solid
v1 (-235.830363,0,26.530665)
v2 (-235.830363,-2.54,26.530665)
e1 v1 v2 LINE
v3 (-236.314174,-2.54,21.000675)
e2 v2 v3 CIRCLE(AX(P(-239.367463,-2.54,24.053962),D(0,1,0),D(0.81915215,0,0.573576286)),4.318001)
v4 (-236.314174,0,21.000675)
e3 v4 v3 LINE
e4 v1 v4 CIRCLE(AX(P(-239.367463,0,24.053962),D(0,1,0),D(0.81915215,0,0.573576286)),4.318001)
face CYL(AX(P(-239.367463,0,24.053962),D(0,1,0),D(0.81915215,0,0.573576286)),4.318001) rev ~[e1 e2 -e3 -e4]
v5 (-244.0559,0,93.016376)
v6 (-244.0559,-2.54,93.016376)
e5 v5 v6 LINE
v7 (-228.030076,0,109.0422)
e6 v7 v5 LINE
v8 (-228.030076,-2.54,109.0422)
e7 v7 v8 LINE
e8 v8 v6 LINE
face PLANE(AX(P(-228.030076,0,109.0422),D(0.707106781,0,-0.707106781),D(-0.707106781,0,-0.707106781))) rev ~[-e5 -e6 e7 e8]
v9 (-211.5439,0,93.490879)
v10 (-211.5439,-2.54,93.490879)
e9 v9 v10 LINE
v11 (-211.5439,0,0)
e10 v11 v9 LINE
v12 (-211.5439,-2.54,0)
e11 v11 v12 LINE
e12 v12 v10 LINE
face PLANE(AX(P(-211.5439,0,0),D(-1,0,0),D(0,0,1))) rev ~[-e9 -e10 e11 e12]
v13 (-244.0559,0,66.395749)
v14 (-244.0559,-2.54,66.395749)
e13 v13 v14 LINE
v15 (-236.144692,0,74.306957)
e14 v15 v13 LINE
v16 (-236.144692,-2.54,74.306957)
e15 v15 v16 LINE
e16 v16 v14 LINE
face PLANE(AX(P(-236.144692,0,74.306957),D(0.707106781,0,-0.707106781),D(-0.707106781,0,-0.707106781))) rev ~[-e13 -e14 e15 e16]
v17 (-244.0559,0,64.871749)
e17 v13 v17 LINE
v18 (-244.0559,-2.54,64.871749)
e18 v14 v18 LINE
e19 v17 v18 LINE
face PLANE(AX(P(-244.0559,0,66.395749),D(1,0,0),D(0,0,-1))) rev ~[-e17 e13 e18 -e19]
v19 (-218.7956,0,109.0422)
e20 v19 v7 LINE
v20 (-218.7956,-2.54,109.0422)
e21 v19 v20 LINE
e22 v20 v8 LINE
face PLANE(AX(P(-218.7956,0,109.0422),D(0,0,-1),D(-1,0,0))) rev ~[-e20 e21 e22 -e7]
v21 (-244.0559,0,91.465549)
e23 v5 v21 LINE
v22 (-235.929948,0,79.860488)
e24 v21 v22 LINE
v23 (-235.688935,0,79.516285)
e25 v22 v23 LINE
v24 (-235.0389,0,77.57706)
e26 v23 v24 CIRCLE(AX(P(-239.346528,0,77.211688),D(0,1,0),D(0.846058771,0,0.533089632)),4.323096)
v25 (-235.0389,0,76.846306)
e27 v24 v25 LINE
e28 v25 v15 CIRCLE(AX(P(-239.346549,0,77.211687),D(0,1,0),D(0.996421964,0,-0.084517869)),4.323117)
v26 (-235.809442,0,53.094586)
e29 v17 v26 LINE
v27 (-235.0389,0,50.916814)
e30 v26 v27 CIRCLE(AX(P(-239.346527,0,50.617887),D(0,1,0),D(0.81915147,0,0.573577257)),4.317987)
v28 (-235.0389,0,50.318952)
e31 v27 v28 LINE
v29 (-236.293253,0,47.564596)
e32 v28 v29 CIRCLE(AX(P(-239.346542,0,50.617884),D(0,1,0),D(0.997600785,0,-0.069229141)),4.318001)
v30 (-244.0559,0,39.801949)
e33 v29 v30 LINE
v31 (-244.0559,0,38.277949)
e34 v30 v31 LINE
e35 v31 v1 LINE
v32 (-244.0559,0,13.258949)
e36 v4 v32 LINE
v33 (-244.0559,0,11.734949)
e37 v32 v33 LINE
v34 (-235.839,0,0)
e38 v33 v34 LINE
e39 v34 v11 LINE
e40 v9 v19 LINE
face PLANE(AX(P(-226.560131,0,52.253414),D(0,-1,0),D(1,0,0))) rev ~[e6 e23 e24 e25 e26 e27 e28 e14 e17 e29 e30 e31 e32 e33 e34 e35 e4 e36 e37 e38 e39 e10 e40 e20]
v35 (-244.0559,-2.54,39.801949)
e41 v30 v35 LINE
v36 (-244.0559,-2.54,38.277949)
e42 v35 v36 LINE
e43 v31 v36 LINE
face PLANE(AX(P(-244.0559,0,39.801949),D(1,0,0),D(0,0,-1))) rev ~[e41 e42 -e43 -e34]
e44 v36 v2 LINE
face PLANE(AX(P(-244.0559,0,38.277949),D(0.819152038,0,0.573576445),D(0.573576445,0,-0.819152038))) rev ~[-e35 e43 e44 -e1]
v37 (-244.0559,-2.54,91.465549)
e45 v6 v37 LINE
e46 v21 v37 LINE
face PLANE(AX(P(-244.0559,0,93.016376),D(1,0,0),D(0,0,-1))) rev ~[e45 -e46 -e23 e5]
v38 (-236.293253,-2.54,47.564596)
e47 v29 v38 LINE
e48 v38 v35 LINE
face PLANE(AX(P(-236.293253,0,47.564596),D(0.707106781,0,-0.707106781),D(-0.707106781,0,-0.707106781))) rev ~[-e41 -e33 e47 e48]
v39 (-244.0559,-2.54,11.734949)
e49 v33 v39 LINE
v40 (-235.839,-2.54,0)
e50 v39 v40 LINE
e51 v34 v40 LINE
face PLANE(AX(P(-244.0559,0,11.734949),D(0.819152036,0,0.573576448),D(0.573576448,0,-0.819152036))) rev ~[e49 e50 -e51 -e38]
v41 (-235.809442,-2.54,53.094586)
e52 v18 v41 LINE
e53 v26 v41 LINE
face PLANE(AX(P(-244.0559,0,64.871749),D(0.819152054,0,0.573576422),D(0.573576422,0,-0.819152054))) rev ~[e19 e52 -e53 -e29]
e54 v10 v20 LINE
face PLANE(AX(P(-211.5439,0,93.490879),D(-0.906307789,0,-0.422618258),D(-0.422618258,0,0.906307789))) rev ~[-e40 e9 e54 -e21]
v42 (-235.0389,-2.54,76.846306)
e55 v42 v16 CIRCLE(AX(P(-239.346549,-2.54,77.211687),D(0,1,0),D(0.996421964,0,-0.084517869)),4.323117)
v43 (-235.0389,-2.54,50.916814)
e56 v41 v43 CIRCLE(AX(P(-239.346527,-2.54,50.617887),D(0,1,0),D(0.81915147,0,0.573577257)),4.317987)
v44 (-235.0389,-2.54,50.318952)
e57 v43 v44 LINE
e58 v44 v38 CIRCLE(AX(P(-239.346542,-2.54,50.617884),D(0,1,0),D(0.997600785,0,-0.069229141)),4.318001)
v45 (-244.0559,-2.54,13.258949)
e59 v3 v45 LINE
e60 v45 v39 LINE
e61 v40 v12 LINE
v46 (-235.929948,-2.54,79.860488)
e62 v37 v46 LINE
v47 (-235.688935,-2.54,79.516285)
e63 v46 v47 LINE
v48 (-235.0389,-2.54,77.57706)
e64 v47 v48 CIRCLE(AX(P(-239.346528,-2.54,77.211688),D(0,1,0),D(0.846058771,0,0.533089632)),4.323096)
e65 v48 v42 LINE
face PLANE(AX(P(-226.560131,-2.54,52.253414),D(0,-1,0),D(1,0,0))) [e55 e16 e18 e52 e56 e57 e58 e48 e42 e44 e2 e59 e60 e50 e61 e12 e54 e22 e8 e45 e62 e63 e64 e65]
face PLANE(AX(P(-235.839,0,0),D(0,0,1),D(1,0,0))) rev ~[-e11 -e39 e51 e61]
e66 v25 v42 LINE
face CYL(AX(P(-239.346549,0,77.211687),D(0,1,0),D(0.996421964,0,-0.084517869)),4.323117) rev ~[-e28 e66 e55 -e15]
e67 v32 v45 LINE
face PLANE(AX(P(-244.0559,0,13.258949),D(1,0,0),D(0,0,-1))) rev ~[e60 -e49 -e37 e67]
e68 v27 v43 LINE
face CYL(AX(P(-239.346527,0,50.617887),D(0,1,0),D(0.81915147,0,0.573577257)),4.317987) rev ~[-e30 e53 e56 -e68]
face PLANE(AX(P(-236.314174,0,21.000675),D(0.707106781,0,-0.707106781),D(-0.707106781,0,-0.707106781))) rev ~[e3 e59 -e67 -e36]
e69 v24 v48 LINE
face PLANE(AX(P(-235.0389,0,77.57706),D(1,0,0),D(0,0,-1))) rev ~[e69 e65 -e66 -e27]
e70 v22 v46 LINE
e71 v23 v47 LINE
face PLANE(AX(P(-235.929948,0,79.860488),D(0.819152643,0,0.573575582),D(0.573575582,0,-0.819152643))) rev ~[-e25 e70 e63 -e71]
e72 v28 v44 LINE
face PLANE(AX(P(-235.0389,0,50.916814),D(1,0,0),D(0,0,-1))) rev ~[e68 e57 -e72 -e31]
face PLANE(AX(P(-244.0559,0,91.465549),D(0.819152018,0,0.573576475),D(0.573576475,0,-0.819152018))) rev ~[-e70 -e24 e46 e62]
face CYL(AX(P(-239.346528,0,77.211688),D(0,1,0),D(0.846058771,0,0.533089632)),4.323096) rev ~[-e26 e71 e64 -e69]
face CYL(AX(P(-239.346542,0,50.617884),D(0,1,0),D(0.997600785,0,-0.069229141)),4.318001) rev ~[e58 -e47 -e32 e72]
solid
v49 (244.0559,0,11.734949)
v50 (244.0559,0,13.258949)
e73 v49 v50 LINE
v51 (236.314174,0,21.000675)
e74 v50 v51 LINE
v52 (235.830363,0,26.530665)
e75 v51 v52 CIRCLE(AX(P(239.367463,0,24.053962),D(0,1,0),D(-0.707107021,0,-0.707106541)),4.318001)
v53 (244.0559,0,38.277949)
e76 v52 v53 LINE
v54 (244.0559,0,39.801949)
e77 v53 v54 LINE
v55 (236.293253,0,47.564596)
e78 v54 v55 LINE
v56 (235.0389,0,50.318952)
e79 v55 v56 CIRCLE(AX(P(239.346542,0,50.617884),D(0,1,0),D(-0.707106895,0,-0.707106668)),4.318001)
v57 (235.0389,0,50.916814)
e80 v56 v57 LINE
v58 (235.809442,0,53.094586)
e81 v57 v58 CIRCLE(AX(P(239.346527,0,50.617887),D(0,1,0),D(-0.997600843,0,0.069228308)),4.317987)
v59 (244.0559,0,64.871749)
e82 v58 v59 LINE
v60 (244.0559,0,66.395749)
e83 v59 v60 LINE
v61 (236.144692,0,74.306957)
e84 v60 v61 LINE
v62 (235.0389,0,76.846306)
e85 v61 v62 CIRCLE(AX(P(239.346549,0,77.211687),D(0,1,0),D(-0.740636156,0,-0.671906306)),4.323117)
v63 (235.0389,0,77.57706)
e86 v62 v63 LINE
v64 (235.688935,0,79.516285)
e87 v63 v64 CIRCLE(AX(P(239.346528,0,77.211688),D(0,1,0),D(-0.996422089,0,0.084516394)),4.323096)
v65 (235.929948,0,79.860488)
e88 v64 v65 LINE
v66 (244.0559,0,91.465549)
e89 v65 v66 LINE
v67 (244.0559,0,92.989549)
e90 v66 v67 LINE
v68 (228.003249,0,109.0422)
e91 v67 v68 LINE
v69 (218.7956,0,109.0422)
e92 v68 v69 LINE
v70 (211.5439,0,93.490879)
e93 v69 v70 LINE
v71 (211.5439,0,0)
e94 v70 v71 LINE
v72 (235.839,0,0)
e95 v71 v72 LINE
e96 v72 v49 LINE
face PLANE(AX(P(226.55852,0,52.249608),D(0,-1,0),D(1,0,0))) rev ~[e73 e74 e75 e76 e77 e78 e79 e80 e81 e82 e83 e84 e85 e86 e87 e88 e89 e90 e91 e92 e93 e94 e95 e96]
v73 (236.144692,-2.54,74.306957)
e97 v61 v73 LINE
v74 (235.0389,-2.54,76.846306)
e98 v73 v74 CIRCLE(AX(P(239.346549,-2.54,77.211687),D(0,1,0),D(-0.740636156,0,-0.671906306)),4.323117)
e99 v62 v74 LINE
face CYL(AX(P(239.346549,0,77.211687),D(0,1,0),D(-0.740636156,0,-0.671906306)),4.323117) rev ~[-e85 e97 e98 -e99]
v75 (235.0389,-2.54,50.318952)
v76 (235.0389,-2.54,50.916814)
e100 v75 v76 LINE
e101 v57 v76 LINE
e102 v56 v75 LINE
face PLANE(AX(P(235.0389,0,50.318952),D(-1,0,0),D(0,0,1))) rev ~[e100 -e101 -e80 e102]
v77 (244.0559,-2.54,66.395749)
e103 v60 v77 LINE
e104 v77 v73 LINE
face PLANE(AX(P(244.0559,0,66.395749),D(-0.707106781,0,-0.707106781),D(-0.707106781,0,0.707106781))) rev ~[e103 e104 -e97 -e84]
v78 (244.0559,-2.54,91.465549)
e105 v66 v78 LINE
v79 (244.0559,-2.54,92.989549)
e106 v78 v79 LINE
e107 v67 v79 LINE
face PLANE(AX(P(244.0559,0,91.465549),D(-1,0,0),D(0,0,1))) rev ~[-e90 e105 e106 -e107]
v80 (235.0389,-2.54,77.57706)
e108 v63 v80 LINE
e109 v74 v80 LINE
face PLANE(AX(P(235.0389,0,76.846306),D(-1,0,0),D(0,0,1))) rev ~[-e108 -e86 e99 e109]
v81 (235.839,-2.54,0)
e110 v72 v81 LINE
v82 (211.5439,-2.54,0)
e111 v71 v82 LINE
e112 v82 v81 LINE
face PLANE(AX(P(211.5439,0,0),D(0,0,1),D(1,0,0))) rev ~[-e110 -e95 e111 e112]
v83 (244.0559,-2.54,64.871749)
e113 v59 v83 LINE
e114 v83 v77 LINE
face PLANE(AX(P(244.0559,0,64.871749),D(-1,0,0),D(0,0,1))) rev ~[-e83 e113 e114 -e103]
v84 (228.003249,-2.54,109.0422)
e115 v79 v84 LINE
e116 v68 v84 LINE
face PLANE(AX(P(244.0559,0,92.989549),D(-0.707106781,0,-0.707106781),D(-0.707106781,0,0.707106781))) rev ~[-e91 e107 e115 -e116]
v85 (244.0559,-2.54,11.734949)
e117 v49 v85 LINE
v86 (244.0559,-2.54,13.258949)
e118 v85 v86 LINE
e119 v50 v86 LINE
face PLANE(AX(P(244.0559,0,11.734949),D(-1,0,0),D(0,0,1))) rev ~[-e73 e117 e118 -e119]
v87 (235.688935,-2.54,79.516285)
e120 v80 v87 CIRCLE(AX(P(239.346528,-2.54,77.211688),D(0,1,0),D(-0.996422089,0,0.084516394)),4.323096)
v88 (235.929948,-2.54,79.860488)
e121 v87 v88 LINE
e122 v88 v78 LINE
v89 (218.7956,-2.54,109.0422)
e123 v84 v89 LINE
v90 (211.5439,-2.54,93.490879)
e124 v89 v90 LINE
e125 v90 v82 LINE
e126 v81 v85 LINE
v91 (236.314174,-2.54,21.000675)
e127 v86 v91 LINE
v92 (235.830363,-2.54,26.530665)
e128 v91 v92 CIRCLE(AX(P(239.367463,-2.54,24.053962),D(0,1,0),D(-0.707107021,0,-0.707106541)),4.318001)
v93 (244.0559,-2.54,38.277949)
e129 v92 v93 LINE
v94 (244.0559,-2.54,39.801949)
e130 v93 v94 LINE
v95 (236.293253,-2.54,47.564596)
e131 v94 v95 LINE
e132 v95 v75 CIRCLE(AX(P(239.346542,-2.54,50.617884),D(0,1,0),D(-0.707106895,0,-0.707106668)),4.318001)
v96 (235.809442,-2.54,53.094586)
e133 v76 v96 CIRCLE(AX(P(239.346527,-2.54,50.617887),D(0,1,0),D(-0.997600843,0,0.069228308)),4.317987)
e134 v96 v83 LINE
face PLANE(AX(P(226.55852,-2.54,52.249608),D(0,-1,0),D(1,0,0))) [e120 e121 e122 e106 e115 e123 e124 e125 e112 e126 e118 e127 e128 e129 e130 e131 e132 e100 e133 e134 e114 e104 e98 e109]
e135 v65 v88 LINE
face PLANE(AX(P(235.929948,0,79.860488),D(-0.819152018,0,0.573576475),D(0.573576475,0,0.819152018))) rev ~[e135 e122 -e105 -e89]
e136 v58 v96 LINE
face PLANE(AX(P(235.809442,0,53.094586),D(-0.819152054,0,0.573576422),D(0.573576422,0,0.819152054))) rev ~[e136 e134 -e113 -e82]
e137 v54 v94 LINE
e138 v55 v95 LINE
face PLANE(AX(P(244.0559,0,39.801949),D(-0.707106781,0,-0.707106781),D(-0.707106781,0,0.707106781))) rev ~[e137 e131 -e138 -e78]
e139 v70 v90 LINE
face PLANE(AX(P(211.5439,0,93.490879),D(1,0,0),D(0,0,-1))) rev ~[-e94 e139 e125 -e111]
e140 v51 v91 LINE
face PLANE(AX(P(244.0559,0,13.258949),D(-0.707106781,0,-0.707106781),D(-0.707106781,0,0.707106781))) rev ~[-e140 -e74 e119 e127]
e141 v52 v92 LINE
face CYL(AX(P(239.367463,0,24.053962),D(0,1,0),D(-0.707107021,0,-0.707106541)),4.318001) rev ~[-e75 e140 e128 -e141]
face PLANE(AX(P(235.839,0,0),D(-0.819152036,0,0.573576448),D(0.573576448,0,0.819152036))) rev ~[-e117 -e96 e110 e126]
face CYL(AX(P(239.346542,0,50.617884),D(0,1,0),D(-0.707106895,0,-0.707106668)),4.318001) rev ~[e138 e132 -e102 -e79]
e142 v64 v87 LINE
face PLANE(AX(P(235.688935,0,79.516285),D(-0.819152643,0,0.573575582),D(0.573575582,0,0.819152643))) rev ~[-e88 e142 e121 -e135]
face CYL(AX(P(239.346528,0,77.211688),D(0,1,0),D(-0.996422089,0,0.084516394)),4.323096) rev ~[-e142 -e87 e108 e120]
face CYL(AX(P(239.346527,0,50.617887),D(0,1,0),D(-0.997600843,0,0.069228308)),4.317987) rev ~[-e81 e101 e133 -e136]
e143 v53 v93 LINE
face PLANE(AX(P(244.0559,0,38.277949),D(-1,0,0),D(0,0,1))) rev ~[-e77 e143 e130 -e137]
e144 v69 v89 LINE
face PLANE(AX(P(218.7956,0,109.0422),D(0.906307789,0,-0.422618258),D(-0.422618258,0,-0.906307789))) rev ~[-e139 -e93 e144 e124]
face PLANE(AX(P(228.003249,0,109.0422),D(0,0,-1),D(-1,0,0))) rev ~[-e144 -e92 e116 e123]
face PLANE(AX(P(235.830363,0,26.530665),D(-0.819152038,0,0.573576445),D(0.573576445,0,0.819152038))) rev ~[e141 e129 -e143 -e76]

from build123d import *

# Parameters (mm, degrees)
F1_DEPTH = 2.54


with BuildPart() as f1:
    # F0 (on Front) → F1 (new body)
    with BuildSketch(Plane.XZ):
        with BuildLine():
            Line((211.5439, 93.490879), (211.5439, 0))
            Line((211.5439, 0), (235.839, 0))
            Line((235.839, 0), (244.0559, 11.734949))
            Line((244.0559, 11.734949), (244.0559, 13.258949))
            Line((244.0559, 13.258949), (236.314174, 21.000675))
            ThreePointArc((236.314174, 21.000675), (235.065893, 23.677624), (235.830363, 26.530665))
            Line((235.830363, 26.530665), (244.0559, 38.277949))
            Line((244.0559, 38.277949), (244.0559, 39.801949))
            Line((244.0559, 39.801949), (236.293253, 47.564596))
            ThreePointArc((236.293253, 47.564596), (235.416854, 48.828277), (235.0389, 50.318952))
            ThreePointArc((235.0389, 50.318952), (235.02854, 50.617883), (235.0389, 50.916814))
            ThreePointArc((235.0389, 50.916814), (235.275833, 52.058185), (235.809442, 53.094586))
            Line((235.809442, 53.094586), (244.0559, 64.871749))
            Line((244.0559, 64.871749), (244.0559, 66.395749))
            Line((244.0559, 66.395749), (236.441814, 74.009835))
            ThreePointArc((236.441814, 74.009835), (236.289641, 74.154784), (236.144692, 74.306957))
            ThreePointArc((236.144692, 74.306957), (235.382934, 75.48568), (235.0389, 76.846306))
            ThreePointArc((235.0389, 76.846306), (235.023432, 77.211683), (235.0389, 77.57706))
            ThreePointArc((235.0389, 77.57706), (235.247585, 78.585668), (235.688935, 79.516285))
            ThreePointArc((235.688935, 79.516285), (235.805257, 79.691316), (235.929948, 79.860488))
            Line((235.929948, 79.860488), (244.0559, 91.465549))
            Line((244.0559, 91.465549), (244.0559, 92.989549))
            Line((244.0559, 92.989549), (228.003249, 109.0422))
            Line((228.003249, 109.0422), (218.7956, 109.0422))
            Line((218.7956, 109.0422), (211.5439, 93.490879))
        make_face()
        with BuildLine():
            Line((-228.030076, 109.0422), (-244.0559, 93.016376))
            Line((-244.0559, 93.016376), (-244.0559, 92.989549))
            Line((-244.0559, 92.989549), (-244.0559, 91.465549))
            Line((-244.0559, 91.465549), (-235.929948, 79.860488))
            ThreePointArc((-235.929948, 79.860488), (-235.805257, 79.691316), (-235.688935, 79.516285))
            ThreePointArc((-235.688935, 79.516285), (-235.247585, 78.585668), (-235.0389, 77.57706))
            ThreePointArc((-235.0389, 77.57706), (-235.023432, 77.211683), (-235.0389, 76.846306))
            ThreePointArc((-235.0389, 76.846306), (-235.382934, 75.48568), (-236.144692, 74.306957))
            ThreePointArc((-236.144692, 74.306957), (-236.289641, 74.154784), (-236.441814, 74.009835))
            Line((-236.441814, 74.009835), (-244.0559, 66.395749))
            Line((-244.0559, 66.395749), (-244.0559, 64.871749))
            Line((-244.0559, 64.871749), (-235.809442, 53.094586))
            ThreePointArc((-235.809442, 53.094586), (-235.275833, 52.058185), (-235.0389, 50.916814))
            ThreePointArc((-235.0389, 50.916814), (-235.02854, 50.617883), (-235.0389, 50.318952))
            ThreePointArc((-235.0389, 50.318952), (-235.416854, 48.828277), (-236.293253, 47.564596))
            Line((-236.293253, 47.564596), (-244.0559, 39.801949))
            Line((-244.0559, 39.801949), (-244.0559, 38.277949))
            Line((-244.0559, 38.277949), (-235.830363, 26.530665))
            ThreePointArc((-235.830363, 26.530665), (-235.065893, 23.677624), (-236.314174, 21.000675))
            Line((-236.314174, 21.000675), (-244.0559, 13.258949))
            Line((-244.0559, 13.258949), (-244.0559, 11.734949))
            Line((-244.0559, 11.734949), (-235.839, 0))
            Line((-235.839, 0), (-211.5439, 0))
            Line((-211.5439, 0), (-211.5439, 93.490879))
            Line((-211.5439, 93.490879), (-218.7956, 109.0422))
            Line((-218.7956, 109.0422), (-228.030076, 109.0422))
        make_face()
        with BuildLine():
            Line((236.441814, 74.009835), (236.144692, 74.306957))
            ThreePointArc((236.144692, 74.306957), (236.289641, 74.154784), (236.441814, 74.009835))
        make_face()
        with BuildLine():
            ThreePointArc((-235.0389, 50.318952), (-235.02854, 50.617883), (-235.0389, 50.916814))
            Line((-235.0389, 50.916814), (-235.0389, 50.318952))
        make_face()
        with BuildLine():
            Line((235.0389, 76.846306), (235.0389, 77.57706))
            ThreePointArc((235.0389, 77.57706), (235.023432, 77.211683), (235.0389, 76.846306))
        make_face()
        with BuildLine():
            Line((235.688935, 79.516285), (235.929948, 79.860488))
            ThreePointArc((235.929948, 79.860488), (235.805257, 79.691316), (235.688935, 79.516285))
        make_face()
        with BuildLine():
            ThreePointArc((235.0389, 50.916814), (235.02854, 50.617883), (235.0389, 50.318952))
            Line((235.0389, 50.318952), (235.0389, 50.916814))
        make_face()
        with BuildLine():
            ThreePointArc((-236.441814, 74.009835), (-236.289641, 74.154784), (-236.144692, 74.306957))
            Line((-236.144692, 74.306957), (-236.441814, 74.009835))
        make_face()
        with BuildLine():
            ThreePointArc((-235.0389, 76.846306), (-235.023432, 77.211683), (-235.0389, 77.57706))
            Line((-235.0389, 77.57706), (-235.0389, 76.846306))
        make_face()
        with BuildLine():
            ThreePointArc((-235.688935, 79.516285), (-235.805257, 79.691316), (-235.929948, 79.860488))
            Line((-235.929948, 79.860488), (-235.688935, 79.516285))
        make_face()
    extrude(amount=F1_DEPTH)


solid = f1.part
